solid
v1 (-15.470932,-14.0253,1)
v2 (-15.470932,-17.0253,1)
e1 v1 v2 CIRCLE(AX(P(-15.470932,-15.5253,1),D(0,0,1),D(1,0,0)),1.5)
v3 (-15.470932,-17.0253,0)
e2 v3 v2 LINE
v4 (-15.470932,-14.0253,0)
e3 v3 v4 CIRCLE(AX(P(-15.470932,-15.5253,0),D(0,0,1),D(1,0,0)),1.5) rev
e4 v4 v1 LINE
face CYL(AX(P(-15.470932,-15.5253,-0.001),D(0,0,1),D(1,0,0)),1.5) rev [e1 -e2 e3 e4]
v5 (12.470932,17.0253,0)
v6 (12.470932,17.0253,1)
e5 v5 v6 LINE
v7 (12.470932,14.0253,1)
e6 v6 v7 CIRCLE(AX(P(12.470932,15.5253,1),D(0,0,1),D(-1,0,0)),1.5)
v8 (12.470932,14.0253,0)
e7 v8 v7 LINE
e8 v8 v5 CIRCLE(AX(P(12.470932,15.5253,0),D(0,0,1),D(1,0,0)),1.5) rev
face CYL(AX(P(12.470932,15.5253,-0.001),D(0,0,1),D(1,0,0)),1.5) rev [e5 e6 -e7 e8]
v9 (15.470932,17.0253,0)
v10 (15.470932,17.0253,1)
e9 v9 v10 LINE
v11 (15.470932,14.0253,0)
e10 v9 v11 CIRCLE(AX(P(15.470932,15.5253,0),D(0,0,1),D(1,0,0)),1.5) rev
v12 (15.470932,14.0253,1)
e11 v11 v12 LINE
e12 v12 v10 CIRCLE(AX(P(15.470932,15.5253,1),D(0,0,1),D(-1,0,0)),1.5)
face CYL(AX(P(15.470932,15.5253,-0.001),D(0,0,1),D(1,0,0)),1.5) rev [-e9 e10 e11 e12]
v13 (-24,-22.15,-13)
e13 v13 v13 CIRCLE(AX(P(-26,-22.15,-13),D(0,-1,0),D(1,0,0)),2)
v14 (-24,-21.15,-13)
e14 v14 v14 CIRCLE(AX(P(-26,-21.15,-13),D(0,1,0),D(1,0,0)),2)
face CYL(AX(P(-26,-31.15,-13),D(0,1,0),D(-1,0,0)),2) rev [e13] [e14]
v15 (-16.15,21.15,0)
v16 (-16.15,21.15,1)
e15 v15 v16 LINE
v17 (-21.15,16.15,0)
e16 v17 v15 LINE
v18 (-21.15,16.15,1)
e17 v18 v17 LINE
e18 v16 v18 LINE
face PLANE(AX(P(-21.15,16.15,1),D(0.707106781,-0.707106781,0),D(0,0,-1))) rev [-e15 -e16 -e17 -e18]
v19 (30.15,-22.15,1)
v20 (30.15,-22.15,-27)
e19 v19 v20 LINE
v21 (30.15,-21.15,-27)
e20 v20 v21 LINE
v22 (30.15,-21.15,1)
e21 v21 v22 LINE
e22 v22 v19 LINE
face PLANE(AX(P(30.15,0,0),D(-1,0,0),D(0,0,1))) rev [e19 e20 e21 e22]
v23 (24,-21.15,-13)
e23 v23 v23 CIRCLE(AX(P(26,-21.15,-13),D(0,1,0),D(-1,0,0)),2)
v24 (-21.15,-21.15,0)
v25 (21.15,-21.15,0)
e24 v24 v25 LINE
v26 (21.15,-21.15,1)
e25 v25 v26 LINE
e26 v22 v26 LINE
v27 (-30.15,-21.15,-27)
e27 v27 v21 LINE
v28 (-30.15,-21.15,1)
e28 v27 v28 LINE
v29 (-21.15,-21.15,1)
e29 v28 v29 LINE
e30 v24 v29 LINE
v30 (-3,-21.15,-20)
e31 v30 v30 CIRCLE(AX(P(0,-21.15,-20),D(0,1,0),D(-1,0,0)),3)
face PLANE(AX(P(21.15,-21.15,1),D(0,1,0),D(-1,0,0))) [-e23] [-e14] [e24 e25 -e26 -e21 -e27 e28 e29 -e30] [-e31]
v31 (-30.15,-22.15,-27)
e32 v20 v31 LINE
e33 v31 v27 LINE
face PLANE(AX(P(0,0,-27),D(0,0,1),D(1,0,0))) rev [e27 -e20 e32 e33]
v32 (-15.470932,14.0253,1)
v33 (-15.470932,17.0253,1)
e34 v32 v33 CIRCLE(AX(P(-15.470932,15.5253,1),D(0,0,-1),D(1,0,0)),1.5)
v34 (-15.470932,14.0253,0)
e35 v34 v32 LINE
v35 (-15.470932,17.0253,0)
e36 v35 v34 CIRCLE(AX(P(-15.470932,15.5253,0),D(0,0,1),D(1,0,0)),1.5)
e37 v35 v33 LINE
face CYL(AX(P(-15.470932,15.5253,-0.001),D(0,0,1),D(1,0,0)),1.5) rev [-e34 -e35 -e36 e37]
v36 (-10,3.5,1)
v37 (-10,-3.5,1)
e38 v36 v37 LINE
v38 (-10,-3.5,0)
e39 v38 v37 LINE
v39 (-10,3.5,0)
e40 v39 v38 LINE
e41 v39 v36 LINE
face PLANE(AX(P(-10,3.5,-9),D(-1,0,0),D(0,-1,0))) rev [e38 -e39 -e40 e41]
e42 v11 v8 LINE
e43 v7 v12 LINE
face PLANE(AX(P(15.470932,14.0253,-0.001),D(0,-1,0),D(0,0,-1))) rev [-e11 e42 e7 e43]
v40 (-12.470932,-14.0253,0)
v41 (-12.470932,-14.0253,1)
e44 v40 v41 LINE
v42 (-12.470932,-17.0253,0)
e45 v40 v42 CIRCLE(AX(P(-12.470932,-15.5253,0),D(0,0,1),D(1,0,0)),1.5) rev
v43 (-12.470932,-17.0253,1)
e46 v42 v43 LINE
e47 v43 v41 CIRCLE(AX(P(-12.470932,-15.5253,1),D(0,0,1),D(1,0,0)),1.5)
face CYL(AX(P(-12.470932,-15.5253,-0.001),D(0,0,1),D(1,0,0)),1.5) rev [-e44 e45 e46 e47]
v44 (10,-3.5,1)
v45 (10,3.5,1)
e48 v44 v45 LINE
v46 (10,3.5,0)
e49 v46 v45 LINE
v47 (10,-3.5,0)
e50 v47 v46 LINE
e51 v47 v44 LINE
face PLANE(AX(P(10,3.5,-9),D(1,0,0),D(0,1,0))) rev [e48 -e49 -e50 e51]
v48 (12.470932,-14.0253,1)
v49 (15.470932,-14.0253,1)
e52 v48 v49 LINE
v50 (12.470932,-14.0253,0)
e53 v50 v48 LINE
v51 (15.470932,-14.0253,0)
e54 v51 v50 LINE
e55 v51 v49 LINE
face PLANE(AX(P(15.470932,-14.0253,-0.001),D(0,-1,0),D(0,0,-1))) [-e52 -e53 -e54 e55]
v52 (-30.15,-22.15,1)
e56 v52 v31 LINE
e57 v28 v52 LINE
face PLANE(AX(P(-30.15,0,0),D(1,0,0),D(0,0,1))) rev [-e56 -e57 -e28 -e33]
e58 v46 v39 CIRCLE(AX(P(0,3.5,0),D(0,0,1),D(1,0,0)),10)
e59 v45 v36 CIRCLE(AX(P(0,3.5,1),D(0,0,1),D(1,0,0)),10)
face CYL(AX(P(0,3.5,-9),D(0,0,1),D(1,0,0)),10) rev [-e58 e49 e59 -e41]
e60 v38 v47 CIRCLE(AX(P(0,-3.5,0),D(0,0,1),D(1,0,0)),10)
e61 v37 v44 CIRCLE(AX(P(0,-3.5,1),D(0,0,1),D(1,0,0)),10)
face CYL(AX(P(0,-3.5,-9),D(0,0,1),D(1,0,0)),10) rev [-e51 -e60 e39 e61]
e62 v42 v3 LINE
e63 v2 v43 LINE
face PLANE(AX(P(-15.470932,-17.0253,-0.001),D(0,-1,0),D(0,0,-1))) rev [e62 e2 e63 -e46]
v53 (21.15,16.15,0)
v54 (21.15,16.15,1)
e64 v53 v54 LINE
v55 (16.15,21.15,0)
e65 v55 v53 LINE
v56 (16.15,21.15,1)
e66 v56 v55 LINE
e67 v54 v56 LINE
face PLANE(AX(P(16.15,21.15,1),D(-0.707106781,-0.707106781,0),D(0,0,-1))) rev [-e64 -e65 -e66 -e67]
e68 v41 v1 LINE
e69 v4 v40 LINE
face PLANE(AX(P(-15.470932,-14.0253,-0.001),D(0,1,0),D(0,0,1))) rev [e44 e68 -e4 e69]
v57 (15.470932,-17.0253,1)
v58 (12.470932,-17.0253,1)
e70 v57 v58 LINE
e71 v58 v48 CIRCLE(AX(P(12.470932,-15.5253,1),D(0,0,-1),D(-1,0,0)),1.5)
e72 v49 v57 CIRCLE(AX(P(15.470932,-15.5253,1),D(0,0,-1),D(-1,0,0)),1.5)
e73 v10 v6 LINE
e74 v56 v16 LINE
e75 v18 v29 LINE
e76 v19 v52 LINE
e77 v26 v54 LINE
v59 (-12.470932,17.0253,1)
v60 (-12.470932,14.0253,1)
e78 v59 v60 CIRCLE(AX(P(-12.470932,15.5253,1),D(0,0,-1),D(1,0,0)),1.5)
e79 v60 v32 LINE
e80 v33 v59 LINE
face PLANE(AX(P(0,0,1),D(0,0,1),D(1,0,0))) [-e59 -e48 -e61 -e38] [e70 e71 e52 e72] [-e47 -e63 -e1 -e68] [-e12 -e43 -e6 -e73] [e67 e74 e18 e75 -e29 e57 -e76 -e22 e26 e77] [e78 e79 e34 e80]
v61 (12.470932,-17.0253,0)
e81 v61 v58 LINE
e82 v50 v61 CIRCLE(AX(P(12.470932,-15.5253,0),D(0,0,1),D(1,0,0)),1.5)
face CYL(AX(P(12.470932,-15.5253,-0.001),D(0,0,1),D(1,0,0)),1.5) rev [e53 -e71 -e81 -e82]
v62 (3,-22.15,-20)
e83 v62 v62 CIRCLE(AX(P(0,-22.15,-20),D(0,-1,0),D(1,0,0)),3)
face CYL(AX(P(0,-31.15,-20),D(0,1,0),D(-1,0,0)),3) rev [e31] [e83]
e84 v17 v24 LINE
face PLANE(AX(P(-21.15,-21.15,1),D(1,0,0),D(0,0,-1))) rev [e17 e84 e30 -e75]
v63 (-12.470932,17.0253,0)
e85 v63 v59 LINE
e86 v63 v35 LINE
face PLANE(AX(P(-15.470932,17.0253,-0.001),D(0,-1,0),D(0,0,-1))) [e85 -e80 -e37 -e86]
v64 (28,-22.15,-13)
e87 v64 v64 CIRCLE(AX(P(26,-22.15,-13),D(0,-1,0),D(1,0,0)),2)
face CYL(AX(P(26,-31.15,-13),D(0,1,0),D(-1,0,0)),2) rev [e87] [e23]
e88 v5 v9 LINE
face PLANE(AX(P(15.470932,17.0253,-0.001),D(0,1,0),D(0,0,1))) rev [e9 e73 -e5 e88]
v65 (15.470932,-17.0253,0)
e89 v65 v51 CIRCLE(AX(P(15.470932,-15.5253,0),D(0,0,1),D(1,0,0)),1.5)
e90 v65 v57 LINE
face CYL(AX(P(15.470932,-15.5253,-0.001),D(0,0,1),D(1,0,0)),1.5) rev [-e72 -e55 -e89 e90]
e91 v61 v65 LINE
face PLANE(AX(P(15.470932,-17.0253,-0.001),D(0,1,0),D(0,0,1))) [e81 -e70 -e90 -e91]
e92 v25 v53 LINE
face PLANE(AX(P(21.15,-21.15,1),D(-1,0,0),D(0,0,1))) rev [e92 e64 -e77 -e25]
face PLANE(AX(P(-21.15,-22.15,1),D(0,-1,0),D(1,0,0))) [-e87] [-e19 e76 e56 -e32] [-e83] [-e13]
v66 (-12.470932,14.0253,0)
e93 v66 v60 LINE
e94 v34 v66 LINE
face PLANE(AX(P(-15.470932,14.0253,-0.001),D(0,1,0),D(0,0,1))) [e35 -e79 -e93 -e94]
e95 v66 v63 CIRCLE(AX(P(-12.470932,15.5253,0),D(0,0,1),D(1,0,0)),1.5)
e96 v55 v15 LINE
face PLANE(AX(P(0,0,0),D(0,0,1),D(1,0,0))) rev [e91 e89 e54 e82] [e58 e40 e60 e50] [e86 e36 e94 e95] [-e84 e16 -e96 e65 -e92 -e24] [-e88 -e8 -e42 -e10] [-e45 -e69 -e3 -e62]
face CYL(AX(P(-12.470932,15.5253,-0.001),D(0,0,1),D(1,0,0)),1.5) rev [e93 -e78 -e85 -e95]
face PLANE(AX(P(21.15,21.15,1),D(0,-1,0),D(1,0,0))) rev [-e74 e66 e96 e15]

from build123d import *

# Parameters (mm, degrees)
SKETCH1_W                = 42.3
SKETCH1_H                = 42.3
BOSS_EXTRUDE1_DEPTH      = 1
SKETCH2_W                = 42.3
SKETCH2_H                = 1
BOSS_EXTRUDE2_DEPTH      = 10
CUT_EXTRUDE2_DEPTH       = 1
CUT_EXTRUDE4_DEPTH       = 10
MIRROR2_COPY_1_DEPTH     = 1
CHAMFER1_SIZE            = 5
SKETCH8_W                = 42.3
SKETCH8_H                = 1
BOSS_EXTRUDE3_DEPTH      = 27
BOSS_EXTRUDE3_DEPTH_BACK = 1
SKETCH5_R                = 3
CUT_EXTRUDE3_DEPTH       = 22
CUT_EXTRUDE5_REACH       = 44.3
SKETCH9_W                = 10
SKETCH9_H                = 1
BOSS_EXTRUDE4_DEPTH      = 9
SKETCH11_R               = 2
CUT_EXTRUDE6_DEPTH       = 10
SKETCH15_R               = 3
CUT_EXTRUDE8_DEPTH       = 10


with BuildPart() as part:
    # Sketch1 → Boss-Extrude1 (new body)
    with BuildSketch(Plane.XY):
        Rectangle(SKETCH1_W, SKETCH1_H)
    extrude(amount=BOSS_EXTRUDE1_DEPTH)

    # Sketch2 → Boss-Extrude2 (add)
    with BuildSketch(Plane.XY.offset(1)):
        with Locations((0, -20.65)):
            Rectangle(SKETCH2_W, SKETCH2_H)
    extrude(amount=BOSS_EXTRUDE2_DEPTH)

    # Sketch3 → Cut-Extrude2 (cut)
    with BuildSketch(Plane.XY.offset(1)):
        with BuildLine():
            Line((-15.470931569, -14.025299874), (-12.470931569, -14.025299874))
            ThreePointArc((-12.470931569, -14.025299874), (-10.970931569, -15.525299874), (-12.470931569, -17.025299874))
            Line((-12.470931569, -17.025299874), (-15.470931569, -17.025299874))
            ThreePointArc((-15.470931569, -17.025299874), (-16.970931569, -15.525299874), (-15.470931569, -14.025299874))
        make_face()
    cut_extrude2 = extrude(amount=-CUT_EXTRUDE2_DEPTH, mode=Mode.SUBTRACT)

    # Mirror1: Cut-Extrude2 across plane
    add(cut_extrude2.mirror(Plane(origin=(0, 0, 0), x_dir=(0, 0, 1), z_dir=(1, 0, 0))), mode=Mode.SUBTRACT)

    # Sketch6 → Cut-Extrude4 (cut)
    with BuildSketch(Plane.XY.offset(1)):
        with BuildLine():
            Line((10, 3.5), (10, -3.5))
            ThreePointArc((10, -3.5), (0, -13.5), (-10, -3.5))
            Line((-10, -3.5), (-10, 3.5))
            ThreePointArc((-10, 3.5), (0, 13.5), (10, 3.5))
        make_face()
    extrude(amount=-CUT_EXTRUDE4_DEPTH, mode=Mode.SUBTRACT)

    # Mirror2: Cut-Extrude2 across plane
    add(cut_extrude2.mirror(Plane.ZX), mode=Mode.SUBTRACT)

    # Mirror2 copy 1 sketch → Mirror2 copy 1 (cut)
    with BuildSketch(Plane(origin=(0, 0, 1), x_dir=(-1, 0, 0), z_dir=(0, 0, 1))):
        with BuildLine():
            Line((-15.470931569, -14.025299874), (-12.470931569, -14.025299874))
            ThreePointArc((-12.470931569, -14.025299874), (-10.970931569, -15.525299874), (-12.470931569, -17.025299874))
            Line((-12.470931569, -17.025299874), (-15.470931569, -17.025299874))
            ThreePointArc((-15.470931569, -17.025299874), (-16.970931569, -15.525299874), (-15.470931569, -14.025299874))
        make_face()
    extrude(amount=-MIRROR2_COPY_1_DEPTH, mode=Mode.SUBTRACT)

    # Chamfer1
    chamfer1_edges = [part.edges().sort_by_distance(p)[0] for p in [
        (-21.15, 21.15, 0.5),
        (21.15, 21.15, 0.5),
    ]]
    chamfer(chamfer1_edges, length=CHAMFER1_SIZE)

    # Sketch8 → Boss-Extrude3 (add, two sides)
    with BuildSketch(Plane(origin=(0, 0, 0), x_dir=(-1, 0, 0), z_dir=(0, 0, -1))) as boss_extrude3_sk:
        with Locations((0, -21.65)):
            Rectangle(SKETCH8_W, SKETCH8_H)
    extrude(amount=BOSS_EXTRUDE3_DEPTH)
    extrude(boss_extrude3_sk.sketch, amount=-BOSS_EXTRUDE3_DEPTH_BACK)

    # Sketch5 → Cut-Extrude3 (cut)
    with BuildSketch(Plane(origin=(0, -20.15, 0), x_dir=(1, 0, 0), z_dir=(0, 1, 0))):
        with Locations((0, -6)):
            Circle(SKETCH5_R)
    extrude(amount=-CUT_EXTRUDE3_DEPTH, mode=Mode.SUBTRACT)

    # Sketch9 → Cut-Extrude5 (cut, up to next)
    with BuildSketch(Plane(origin=(21.15, 0, 0), x_dir=(0, 0, -1), z_dir=(1, 0, 0)), mode=Mode.PRIVATE) as cut_extrude5_sk1:
        with Locations((-6, -20.65)):
            Rectangle(SKETCH9_W, SKETCH9_H)
    cut_extrude5_tool1 = extrude(cut_extrude5_sk1.sketch, amount=-CUT_EXTRUDE5_REACH, mode=Mode.PRIVATE) & part.part
    add(cut_extrude5_tool1.solids().sort_by_distance((21.15, -20.65, 6))[0], mode=Mode.SUBTRACT)

    # Sketch10 → Boss-Extrude4 (add)
    with BuildSketch(Plane(origin=(21.15, 0, 0), x_dir=(0, 0, -1), z_dir=(1, 0, 0))):
        Polygon((0, -21.15), (-1, -21.15), (-1, -22.15), (0, -22.15), (27, -22.15), (27, -21.15), align=None)
    boss_extrude4 = extrude(amount=BOSS_EXTRUDE4_DEPTH)

    # Mirror3: Boss-Extrude4 across plane
    add(boss_extrude4.mirror(Plane(origin=(0, 0, 0), x_dir=(0, 0, 1), z_dir=(1, 0, 0))))

    # Sketch11 → Cut-Extrude6 (cut)
    with BuildSketch(Plane(origin=(0, -21.15, 0), x_dir=(1, 0, 0), z_dir=(0, 1, 0))):
        with Locations((26, 13)):
            Circle(SKETCH11_R)
        with Locations((-26, 13)):
            Circle(SKETCH11_R)
    extrude(amount=-CUT_EXTRUDE6_DEPTH, mode=Mode.SUBTRACT)

    # Sketch15 → Cut-Extrude8 (cut)
    with BuildSketch(Plane(origin=(0, -21.15, 0), x_dir=(1, 0, 0), z_dir=(0, 1, 0))):
        with Locations((0, 20)):
            Circle(SKETCH15_R)
    extrude(amount=-CUT_EXTRUDE8_DEPTH, mode=Mode.SUBTRACT)


solid = part.part
